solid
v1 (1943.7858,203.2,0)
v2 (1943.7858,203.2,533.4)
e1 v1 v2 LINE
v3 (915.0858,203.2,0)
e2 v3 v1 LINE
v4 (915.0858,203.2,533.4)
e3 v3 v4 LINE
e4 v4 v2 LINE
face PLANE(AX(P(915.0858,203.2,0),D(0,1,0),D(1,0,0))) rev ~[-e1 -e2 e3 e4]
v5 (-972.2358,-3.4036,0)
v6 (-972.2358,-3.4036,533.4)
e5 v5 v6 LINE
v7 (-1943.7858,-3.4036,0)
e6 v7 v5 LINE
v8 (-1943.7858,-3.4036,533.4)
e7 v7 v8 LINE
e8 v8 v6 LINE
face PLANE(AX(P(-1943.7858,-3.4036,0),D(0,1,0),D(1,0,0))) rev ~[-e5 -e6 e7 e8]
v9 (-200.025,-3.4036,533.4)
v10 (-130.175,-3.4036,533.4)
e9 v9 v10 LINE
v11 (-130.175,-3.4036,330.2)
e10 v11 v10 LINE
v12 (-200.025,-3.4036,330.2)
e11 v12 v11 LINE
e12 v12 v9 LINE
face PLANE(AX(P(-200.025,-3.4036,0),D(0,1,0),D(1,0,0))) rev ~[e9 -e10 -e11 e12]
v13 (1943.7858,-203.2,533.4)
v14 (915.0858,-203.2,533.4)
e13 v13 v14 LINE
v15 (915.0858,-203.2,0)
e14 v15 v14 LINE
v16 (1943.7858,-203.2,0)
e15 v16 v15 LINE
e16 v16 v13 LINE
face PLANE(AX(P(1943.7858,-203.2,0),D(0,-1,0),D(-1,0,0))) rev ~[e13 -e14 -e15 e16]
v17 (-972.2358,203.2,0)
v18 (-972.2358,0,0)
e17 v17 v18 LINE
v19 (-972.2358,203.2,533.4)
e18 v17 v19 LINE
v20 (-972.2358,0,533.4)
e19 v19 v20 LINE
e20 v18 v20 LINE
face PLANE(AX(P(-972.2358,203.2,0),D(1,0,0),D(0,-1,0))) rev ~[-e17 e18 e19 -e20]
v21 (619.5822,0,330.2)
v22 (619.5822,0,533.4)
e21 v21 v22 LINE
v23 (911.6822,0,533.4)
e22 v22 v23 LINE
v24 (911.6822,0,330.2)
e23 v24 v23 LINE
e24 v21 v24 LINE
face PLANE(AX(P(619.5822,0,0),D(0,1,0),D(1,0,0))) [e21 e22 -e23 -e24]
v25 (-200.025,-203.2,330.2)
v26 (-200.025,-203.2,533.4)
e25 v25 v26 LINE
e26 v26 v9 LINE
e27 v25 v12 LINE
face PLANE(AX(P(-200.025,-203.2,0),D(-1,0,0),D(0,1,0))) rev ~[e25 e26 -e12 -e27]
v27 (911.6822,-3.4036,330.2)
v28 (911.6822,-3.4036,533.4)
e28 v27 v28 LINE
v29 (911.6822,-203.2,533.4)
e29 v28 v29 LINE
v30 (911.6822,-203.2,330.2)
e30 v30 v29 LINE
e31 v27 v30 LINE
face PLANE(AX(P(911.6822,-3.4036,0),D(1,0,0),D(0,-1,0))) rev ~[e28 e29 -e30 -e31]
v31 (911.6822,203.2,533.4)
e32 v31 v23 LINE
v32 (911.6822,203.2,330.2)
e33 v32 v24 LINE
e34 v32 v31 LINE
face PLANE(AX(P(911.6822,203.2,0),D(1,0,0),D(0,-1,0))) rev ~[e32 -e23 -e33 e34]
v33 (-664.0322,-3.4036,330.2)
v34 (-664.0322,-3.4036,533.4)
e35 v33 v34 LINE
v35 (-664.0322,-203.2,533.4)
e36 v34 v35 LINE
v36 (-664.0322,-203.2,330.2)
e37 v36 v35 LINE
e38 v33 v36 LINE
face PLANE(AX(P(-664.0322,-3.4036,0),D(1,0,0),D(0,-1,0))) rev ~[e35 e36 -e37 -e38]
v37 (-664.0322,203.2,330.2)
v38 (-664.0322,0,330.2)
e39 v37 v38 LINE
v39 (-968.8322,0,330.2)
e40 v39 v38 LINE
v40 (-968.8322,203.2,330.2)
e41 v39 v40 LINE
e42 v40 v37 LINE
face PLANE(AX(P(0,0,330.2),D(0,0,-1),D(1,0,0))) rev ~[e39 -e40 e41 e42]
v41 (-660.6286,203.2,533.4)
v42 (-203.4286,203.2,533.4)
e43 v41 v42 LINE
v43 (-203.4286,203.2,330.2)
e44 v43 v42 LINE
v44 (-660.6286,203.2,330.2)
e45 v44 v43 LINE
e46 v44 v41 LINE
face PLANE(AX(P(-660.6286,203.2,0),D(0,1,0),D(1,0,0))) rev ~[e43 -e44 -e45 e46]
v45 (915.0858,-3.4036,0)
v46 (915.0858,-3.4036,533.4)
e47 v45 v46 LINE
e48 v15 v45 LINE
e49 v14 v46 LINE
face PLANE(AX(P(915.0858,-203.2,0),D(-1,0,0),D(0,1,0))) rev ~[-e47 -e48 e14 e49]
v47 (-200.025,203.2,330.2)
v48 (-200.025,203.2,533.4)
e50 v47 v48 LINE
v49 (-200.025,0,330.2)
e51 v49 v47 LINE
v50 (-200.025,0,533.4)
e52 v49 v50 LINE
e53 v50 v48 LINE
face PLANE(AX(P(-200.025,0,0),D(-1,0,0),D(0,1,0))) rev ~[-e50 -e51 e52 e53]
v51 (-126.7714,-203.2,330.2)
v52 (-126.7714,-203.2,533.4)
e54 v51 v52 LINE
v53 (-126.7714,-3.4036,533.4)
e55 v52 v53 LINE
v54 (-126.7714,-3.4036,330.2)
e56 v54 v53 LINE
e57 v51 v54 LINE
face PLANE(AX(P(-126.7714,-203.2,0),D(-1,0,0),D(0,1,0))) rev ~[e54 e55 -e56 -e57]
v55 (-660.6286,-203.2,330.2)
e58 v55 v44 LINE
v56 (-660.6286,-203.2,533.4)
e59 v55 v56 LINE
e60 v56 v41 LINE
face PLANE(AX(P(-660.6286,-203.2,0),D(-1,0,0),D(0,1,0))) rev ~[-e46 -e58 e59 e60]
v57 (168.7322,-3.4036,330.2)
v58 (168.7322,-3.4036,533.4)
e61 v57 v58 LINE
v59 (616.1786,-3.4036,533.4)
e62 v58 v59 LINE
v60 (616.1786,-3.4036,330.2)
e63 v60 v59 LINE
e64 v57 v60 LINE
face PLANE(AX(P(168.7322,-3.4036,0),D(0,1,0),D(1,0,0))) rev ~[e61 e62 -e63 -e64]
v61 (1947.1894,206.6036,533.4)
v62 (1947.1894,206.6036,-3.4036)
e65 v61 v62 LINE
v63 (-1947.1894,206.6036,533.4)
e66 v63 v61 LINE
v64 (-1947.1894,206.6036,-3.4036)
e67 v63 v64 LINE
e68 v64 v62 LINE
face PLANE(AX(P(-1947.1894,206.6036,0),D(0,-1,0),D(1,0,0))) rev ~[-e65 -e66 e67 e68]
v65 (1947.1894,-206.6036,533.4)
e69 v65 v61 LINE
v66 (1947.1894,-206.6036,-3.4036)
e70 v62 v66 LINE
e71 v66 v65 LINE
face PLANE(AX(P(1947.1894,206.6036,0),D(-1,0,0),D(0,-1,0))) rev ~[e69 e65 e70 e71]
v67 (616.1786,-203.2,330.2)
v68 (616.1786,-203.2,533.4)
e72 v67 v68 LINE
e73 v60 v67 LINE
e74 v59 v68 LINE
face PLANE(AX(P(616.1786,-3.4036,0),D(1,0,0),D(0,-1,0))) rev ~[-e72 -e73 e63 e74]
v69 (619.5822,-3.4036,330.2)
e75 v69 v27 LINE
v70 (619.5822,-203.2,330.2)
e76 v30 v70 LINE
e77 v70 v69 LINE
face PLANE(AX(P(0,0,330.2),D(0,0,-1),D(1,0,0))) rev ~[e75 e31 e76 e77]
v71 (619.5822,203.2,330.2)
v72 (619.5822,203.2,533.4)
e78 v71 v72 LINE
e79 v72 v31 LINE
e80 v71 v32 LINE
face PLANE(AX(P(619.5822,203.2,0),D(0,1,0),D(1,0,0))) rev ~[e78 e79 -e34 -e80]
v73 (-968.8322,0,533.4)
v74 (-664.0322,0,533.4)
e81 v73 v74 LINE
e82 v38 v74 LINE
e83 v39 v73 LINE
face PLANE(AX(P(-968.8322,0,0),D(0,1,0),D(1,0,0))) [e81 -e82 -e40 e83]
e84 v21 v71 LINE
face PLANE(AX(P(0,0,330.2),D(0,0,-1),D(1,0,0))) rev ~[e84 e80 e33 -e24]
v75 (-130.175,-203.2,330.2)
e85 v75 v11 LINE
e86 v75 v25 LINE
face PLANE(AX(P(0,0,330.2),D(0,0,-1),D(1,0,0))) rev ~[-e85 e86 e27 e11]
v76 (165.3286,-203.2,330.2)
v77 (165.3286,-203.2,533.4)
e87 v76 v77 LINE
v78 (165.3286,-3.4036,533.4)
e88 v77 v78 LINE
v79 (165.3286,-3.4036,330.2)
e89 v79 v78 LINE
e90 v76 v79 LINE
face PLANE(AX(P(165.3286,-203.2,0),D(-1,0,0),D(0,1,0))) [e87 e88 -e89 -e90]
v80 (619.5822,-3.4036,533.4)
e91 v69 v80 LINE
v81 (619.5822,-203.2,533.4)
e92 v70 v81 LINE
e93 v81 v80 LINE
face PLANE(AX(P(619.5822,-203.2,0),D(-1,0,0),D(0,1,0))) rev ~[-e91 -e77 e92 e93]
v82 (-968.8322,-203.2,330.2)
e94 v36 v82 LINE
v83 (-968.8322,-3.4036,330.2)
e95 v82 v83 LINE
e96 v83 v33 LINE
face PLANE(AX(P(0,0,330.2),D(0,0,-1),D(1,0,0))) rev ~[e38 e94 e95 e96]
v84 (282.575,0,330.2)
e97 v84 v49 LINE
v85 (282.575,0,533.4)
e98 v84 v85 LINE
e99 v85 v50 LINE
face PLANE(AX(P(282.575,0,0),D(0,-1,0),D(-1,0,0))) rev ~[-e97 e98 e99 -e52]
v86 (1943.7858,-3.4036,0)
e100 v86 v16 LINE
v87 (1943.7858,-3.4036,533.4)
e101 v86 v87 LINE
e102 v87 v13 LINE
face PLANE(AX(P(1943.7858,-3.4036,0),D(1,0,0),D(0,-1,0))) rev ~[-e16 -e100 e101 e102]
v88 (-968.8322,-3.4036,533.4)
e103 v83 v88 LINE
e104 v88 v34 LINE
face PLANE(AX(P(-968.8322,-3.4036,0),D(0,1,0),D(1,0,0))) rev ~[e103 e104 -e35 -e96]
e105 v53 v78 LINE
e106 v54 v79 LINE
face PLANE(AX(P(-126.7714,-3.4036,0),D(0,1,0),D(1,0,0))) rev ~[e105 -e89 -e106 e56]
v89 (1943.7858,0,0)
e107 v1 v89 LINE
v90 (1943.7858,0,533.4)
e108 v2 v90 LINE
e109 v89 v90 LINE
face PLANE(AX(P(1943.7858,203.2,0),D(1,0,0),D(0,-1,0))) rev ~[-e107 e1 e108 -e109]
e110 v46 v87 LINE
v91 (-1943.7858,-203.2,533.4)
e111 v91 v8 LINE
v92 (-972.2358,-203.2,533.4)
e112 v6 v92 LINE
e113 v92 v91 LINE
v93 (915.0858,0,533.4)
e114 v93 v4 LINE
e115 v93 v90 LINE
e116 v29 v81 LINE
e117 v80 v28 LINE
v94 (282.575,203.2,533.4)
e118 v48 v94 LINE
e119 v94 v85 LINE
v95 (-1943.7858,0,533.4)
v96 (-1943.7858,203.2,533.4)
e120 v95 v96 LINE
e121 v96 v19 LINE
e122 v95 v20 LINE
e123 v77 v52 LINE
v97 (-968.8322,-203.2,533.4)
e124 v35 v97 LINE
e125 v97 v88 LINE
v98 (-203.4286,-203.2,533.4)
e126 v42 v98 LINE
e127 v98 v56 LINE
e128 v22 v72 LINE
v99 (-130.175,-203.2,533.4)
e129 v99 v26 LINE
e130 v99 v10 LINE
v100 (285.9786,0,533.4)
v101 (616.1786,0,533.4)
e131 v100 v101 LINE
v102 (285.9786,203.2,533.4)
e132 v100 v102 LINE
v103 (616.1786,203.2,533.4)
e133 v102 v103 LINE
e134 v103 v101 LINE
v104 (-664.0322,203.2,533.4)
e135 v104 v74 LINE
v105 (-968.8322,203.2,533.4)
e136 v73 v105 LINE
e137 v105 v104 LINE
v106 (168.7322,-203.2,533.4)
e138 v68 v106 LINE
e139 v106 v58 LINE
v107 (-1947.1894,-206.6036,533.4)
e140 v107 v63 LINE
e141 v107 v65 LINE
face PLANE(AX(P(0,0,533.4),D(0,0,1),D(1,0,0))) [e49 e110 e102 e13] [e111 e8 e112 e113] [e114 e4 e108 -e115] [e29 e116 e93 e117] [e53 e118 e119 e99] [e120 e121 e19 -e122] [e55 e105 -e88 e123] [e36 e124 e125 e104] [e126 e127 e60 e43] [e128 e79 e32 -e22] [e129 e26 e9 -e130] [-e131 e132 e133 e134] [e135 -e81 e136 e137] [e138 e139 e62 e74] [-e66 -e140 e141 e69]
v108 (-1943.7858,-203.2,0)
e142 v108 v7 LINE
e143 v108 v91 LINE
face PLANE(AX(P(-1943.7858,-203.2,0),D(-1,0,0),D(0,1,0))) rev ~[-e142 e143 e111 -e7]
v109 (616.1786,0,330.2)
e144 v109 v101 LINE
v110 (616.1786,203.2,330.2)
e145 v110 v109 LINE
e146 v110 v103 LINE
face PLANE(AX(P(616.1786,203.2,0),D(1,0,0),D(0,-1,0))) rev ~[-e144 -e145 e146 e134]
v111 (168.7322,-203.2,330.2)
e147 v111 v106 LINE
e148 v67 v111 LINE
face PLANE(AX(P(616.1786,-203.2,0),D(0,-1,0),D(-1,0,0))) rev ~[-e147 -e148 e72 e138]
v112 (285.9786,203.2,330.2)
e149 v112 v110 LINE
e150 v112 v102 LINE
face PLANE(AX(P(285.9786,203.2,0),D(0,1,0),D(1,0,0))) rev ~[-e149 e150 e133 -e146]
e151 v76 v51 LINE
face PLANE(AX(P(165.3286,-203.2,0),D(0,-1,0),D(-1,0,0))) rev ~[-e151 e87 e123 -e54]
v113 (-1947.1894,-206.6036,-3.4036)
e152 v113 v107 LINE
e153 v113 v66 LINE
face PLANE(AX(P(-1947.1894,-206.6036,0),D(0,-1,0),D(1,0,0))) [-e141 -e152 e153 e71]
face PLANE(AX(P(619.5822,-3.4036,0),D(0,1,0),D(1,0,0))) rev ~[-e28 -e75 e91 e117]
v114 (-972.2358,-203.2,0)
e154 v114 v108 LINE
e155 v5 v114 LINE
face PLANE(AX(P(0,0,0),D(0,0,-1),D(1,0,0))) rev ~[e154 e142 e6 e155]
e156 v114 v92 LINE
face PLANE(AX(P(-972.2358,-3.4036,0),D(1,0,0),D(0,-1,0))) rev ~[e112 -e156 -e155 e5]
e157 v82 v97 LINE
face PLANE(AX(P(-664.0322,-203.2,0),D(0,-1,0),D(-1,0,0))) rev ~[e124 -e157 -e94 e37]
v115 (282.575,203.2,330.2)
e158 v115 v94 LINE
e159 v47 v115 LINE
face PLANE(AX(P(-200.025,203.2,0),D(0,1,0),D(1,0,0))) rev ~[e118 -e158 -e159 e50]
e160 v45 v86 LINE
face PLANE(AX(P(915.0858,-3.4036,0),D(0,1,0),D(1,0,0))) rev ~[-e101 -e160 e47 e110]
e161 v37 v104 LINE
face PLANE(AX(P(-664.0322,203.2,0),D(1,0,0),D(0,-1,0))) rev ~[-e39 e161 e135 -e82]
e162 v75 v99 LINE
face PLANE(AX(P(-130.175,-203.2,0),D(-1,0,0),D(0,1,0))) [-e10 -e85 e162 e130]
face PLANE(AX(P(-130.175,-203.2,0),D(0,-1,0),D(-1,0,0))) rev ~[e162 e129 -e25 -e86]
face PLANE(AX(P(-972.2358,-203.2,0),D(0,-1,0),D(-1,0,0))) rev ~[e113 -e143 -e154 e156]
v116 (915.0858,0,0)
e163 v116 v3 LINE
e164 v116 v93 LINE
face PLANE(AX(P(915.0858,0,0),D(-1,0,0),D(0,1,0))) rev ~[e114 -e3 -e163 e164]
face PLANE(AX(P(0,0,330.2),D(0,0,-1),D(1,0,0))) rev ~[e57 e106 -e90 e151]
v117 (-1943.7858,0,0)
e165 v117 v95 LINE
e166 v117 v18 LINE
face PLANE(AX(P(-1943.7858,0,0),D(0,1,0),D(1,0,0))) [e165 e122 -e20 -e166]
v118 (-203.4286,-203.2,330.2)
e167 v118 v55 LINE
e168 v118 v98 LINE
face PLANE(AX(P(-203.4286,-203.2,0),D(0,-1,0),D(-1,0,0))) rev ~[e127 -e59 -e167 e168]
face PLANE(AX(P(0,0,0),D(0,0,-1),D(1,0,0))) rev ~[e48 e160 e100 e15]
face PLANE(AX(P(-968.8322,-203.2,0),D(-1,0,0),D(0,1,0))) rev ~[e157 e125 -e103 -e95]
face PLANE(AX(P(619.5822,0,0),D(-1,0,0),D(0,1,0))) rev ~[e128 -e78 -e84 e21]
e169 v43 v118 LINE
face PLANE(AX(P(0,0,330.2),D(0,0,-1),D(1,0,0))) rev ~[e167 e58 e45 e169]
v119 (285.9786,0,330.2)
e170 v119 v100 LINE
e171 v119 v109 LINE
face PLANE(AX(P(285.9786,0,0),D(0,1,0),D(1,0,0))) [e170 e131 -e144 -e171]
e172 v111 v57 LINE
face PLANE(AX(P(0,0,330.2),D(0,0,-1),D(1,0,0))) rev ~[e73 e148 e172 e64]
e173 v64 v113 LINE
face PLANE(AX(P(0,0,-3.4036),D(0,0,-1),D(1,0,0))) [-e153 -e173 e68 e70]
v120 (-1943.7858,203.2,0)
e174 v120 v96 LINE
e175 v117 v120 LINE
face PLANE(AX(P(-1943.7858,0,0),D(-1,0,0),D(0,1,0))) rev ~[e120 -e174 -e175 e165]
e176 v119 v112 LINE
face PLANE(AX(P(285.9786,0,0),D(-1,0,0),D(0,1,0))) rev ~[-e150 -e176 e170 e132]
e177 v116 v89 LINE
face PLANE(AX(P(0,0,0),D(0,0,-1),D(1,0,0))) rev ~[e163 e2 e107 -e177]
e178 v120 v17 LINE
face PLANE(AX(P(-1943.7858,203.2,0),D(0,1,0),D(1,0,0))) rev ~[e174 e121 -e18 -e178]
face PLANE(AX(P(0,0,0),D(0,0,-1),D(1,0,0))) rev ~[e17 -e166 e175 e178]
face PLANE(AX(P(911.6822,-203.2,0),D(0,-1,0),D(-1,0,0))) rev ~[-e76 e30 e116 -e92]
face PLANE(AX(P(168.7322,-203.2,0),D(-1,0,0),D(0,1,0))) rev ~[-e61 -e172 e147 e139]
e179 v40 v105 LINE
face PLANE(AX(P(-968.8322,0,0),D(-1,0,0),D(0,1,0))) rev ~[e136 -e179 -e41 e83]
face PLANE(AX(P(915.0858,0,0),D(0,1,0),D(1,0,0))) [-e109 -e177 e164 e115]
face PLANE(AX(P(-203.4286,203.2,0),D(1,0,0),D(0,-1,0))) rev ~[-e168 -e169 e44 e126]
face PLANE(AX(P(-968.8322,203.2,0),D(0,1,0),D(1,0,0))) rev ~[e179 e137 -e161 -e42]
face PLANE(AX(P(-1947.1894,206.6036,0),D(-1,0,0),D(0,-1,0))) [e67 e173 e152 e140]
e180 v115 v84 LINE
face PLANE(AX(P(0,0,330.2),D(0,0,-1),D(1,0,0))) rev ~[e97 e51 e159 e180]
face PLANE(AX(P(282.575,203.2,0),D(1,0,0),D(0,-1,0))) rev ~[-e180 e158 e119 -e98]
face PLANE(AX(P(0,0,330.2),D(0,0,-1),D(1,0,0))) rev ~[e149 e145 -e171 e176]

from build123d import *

# Parameters (mm, degrees)
F0_W     = 3894.3788
F0_H     = 413.2072
F0_W_2   = 971.55
F0_H_2   = 3.4036
F0_W_3   = 304.8
F0_W_4   = 3.4036
F0_H_3   = 199.7964
F0_W_5   = 330.2
F0_W_6   = 292.1
F0_W_7   = 1028.7
F1_DEPTH = 533.4
F2_W     = 3894.3788
F2_H     = 413.2072
F3_DEPTH = 3.4036
F4_DEPTH = 330.2


with BuildPart() as f1:
    # F0 (on Top) → F1 (new body)
    with BuildSketch(Plane.XY):
        Rectangle(F0_W, F0_H)
        Polygon((-1943.7858, 0), (-1943.7858, 203.2), (-972.2358, 203.2), (-968.8322, 203.2), (-664.0322, 203.2), (-660.6286, 203.2), (-203.4286, 203.2), (-200.025, 203.2), (282.575, 203.2), (285.9786, 203.2), (616.1786, 203.2), (619.5822, 203.2), (911.6822, 203.2), (915.0858, 203.2), (1943.7858, 203.2), (1943.7858, 0), (1943.7858, -3.4036), (1943.7858, -203.2), (915.0858, -203.2), (911.6822, -203.2), (619.5822, -203.2), (616.1786, -203.2), (168.7322, -203.2), (165.3286, -203.2), (-126.7714, -203.2), (-130.175, -203.2), (-200.025, -203.2), (-203.4286, -203.2), (-660.6286, -203.2), (-664.0322, -203.2), (-968.8322, -203.2), (-972.2358, -203.2), (-1943.7858, -203.2), (-1943.7858, -3.4036), align=None, mode=Mode.SUBTRACT)
        with Locations((-1458.0108, -1.7018)):
            Rectangle(F0_W_2, F0_H_2)
        Polygon((-968.8322, 203.2), (-972.2358, 203.2), (-972.2358, 0), (-972.2358, -3.4036), (-972.2358, -203.2), (-968.8322, -203.2), (-968.8322, -3.4036), (-968.8322, 0), align=None)
        with Locations((-816.4322, -1.7018)):
            Rectangle(F0_W_3, F0_H_2)
        Polygon((-660.6286, 203.2), (-664.0322, 203.2), (-664.0322, 0), (-664.0322, -3.4036), (-664.0322, -203.2), (-660.6286, -203.2), align=None)
        Polygon((-200.025, 203.2), (-203.4286, 203.2), (-203.4286, -203.2), (-200.025, -203.2), (-200.025, -3.4036), (-200.025, 0), align=None)
        Polygon((282.575, 0), (-200.025, 0), (-200.025, -3.4036), (-130.175, -3.4036), (-126.7714, -3.4036), (165.3286, -3.4036), (168.7322, -3.4036), (282.575, -3.4036), align=None)
        with Locations((-128.4732, -103.3018)):
            Rectangle(F0_W_4, F0_H_3)
        with Locations((167.0304, -103.3018)):
            Rectangle(F0_W_4, F0_H_3)
        Polygon((285.9786, 203.2), (282.575, 203.2), (282.575, 0), (282.575, -3.4036), (285.9786, -3.4036), (285.9786, 0), align=None)
        with Locations((451.0786, -1.7018)):
            Rectangle(F0_W_5, F0_H_2)
        Polygon((619.5822, 203.2), (616.1786, 203.2), (616.1786, 0), (616.1786, -3.4036), (616.1786, -203.2), (619.5822, -203.2), (619.5822, -3.4036), (619.5822, 0), align=None)
        with Locations((765.6322, -1.7018)):
            Rectangle(F0_W_6, F0_H_2)
        Polygon((915.0858, 203.2), (911.6822, 203.2), (911.6822, 0), (911.6822, -3.4036), (911.6822, -203.2), (915.0858, -203.2), (915.0858, -3.4036), (915.0858, 0), align=None)
        with Locations((1429.4358, -1.7018)):
            Rectangle(F0_W_7, F0_H_2)
    extrude(amount=F1_DEPTH)

    # F2 (on face) → F3 (join)
    with BuildSketch(Plane(origin=(0, 0, 0), x_dir=(1, 0, 0), z_dir=(0, 0, -1))):
        Rectangle(F2_W, F2_H)
    extrude(amount=F3_DEPTH)

    # F4 (add): faces of the model
    f4_faces = [f1.faces().sort_by_distance(p)[0] for p in [
        (765.6322, 101.6, 0),
        (765.6322, -103.3018, 0),
        (392.4554, -103.3018, 0),
        (451.0786, 101.6, 0),
        (41.275, 101.6, 0),
        (19.2786, -103.3018, 0),
        (-165.1, -103.3018, 0),
        (-432.0286, 0, 0),
        (-816.4322, 101.6, 0),
        (-816.4322, -103.3018, 0),
    ]]
    extrude(f4_faces, amount=F4_DEPTH)


solid = f1.part
